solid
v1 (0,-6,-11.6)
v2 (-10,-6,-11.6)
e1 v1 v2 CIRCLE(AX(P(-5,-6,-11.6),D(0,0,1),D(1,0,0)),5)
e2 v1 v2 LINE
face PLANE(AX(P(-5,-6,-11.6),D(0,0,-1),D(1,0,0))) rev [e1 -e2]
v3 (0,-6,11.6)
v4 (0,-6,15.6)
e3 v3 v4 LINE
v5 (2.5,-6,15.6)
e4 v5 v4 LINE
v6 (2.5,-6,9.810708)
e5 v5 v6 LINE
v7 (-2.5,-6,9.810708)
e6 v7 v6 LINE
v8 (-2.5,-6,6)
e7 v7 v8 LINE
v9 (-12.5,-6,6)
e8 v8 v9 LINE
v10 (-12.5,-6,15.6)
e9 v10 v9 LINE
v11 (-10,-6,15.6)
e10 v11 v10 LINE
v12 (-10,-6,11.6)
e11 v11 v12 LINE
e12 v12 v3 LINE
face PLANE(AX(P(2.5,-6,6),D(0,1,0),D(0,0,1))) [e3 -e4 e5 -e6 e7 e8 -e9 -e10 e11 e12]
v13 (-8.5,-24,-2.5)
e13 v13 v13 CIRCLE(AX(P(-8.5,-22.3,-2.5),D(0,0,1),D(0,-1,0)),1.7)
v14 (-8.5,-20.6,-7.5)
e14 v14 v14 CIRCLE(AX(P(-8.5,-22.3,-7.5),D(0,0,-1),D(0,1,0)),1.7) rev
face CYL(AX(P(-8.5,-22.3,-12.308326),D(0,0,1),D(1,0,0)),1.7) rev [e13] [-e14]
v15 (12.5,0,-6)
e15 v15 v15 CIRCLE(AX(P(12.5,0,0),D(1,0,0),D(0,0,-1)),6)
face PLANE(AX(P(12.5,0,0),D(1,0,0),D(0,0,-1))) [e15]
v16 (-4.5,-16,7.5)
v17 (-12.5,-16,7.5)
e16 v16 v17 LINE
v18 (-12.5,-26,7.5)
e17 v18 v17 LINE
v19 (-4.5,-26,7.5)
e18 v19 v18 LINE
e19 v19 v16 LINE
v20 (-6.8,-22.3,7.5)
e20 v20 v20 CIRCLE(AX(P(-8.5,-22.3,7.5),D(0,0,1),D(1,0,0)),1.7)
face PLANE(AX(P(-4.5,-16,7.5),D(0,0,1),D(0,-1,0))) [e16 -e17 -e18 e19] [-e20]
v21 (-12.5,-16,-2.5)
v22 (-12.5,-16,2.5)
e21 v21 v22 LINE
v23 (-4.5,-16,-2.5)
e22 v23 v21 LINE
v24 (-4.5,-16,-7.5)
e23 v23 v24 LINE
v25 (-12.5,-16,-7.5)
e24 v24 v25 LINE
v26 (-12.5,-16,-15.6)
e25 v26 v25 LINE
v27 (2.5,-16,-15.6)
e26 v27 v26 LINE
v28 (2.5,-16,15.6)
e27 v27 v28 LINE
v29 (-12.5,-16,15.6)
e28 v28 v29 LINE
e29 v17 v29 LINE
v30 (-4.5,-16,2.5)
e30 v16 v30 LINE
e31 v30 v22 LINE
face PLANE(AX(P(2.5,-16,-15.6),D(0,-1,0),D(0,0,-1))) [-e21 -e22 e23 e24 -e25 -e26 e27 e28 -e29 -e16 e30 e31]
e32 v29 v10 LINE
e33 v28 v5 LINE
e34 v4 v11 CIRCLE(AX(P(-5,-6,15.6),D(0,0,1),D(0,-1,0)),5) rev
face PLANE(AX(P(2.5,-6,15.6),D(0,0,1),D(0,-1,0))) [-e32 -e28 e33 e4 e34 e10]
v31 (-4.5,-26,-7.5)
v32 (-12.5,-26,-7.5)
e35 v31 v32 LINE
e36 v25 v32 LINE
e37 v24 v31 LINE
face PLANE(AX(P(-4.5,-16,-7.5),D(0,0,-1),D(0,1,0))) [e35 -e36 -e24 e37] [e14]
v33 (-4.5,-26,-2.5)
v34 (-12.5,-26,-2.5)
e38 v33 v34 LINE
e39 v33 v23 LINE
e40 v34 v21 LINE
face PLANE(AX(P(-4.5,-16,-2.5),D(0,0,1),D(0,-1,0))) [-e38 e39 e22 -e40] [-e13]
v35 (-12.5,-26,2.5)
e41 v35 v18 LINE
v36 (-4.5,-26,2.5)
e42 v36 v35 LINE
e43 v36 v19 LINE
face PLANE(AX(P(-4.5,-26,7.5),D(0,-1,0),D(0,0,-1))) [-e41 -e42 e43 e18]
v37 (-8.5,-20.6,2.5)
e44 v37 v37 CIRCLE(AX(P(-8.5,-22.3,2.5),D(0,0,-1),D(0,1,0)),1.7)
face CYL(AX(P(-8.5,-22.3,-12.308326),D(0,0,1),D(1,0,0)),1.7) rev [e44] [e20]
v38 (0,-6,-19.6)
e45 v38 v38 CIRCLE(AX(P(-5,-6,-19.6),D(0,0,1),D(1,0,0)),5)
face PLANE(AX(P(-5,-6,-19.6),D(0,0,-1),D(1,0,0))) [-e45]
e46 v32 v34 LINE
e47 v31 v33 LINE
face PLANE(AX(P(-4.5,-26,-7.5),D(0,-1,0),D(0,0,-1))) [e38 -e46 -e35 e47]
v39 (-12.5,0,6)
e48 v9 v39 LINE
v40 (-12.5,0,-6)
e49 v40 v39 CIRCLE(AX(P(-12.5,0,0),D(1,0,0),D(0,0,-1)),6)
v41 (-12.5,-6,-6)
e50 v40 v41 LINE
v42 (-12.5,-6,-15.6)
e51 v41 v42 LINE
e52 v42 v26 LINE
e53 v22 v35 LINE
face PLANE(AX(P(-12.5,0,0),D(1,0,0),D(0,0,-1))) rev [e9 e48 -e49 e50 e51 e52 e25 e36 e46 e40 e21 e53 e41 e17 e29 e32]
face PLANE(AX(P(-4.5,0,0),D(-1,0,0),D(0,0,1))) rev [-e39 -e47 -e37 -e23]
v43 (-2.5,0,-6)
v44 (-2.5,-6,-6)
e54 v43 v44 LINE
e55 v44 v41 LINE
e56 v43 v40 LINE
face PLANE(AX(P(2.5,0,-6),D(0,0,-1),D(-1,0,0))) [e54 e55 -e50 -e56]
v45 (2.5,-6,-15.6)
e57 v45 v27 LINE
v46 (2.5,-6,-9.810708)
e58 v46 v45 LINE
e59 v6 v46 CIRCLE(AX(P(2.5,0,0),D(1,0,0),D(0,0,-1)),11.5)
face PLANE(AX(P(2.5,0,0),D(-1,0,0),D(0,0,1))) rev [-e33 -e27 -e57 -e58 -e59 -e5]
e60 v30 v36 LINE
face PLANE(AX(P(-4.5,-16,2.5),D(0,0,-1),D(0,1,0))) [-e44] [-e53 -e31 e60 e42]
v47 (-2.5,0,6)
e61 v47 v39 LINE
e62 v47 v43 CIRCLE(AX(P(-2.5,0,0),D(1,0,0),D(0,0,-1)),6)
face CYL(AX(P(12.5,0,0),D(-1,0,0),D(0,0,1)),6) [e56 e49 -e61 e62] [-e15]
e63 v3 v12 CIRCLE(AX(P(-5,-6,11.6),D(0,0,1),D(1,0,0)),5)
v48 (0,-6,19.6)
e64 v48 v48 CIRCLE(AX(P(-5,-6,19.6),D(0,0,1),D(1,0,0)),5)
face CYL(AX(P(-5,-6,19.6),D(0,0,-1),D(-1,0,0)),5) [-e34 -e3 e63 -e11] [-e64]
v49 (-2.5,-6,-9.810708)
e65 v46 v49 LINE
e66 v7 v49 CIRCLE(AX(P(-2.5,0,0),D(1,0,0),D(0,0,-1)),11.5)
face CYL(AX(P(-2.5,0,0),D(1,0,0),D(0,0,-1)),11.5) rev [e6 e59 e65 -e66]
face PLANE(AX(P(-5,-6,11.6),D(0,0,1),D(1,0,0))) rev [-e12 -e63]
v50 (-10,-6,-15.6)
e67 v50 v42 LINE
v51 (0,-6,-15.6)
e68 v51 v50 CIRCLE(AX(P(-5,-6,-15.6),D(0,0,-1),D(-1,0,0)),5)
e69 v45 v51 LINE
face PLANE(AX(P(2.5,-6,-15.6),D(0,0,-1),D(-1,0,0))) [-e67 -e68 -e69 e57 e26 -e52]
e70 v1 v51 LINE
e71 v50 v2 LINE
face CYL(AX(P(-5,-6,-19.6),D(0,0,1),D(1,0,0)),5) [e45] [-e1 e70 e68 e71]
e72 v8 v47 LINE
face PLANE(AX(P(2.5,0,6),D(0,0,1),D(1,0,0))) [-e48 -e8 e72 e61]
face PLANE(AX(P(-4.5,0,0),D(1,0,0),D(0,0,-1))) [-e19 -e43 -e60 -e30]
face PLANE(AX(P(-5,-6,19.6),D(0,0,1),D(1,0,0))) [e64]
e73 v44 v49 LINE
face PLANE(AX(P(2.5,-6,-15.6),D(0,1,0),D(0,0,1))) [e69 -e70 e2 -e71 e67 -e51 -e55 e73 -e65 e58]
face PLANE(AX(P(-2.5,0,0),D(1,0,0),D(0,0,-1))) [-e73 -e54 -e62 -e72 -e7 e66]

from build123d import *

# Parameters (mm, degrees)
CROQUIS2_R              = 6
SALIENTE_EXTRUIR1_DEPTH = 12.5
SALIENTE_EXTRUIR2_DEPTH = 15
CROQUIS5_R              = 11.5
CROQUIS5_R_2            = 6
CORTAR_EXTRUIR2_DEPTH   = 5
CROQUIS6_W              = 5
CROQUIS6_H              = 10
SALIENTE_EXTRUIR3_DEPTH = 8
CROQUIS7_R              = 1.7
CORTAR_EXTRUIR3_DEPTH   = 15
CROQUIS8_R              = 5
SALIENTE_EXTRUIR4_DEPTH = 4


with BuildPart() as part:
    # Croquis2 → Saliente-Extruir1 (new body, symmetric)
    with BuildSketch(Plane(origin=(0, 0, 0), x_dir=(0, 0, -1), z_dir=(1, 0, 0))):
        Circle(CROQUIS2_R)
    extrude(amount=SALIENTE_EXTRUIR1_DEPTH, both=True)

    # Croquis3 → Saliente-Extruir2 (add)
    with BuildSketch(Plane.ZY.offset(12.5)):
        Polygon((-15.6, -6), (-6, -6), (-6, 0), (6, 0), (6, -6), (15.6, -6), (15.6, -16), (-15.6, -16), align=None)
    extrude(amount=-SALIENTE_EXTRUIR2_DEPTH)

    # Croquis5 → Cortar-Extruir2 (cut)
    with BuildSketch(Plane(origin=(2.5, 0, 0), x_dir=(0, 0, -1), z_dir=(1, 0, 0))):
        Circle(CROQUIS5_R)
        Circle(CROQUIS5_R_2, mode=Mode.SUBTRACT)
    extrude(amount=-CORTAR_EXTRUIR2_DEPTH, mode=Mode.SUBTRACT)

    # Croquis6 → Saliente-Extruir3 (add)
    with BuildSketch(Plane.ZY.offset(12.5)):
        with Locations((5, -21)):
            Rectangle(CROQUIS6_W, CROQUIS6_H)
        with Locations((-5, -21)):
            Rectangle(CROQUIS6_W, CROQUIS6_H)
    extrude(amount=-SALIENTE_EXTRUIR3_DEPTH)

    # Croquis7 → Cortar-Extruir3 (cut)
    with BuildSketch(Plane.XY.offset(7.5)):
        with Locations((-8.5, -22.3)):
            Circle(CROQUIS7_R)
    extrude(amount=-CORTAR_EXTRUIR3_DEPTH, mode=Mode.SUBTRACT)

    # Croquis8 → Saliente-Extruir4 (add, symmetric)
    with BuildSketch(Plane.XY.offset(15.6)):
        with Locations((-5, -6)):
            Circle(CROQUIS8_R)
    saliente_extruir4 = extrude(amount=SALIENTE_EXTRUIR4_DEPTH, both=True)

    # Simetría1: Saliente-Extruir4 across plane
    add(saliente_extruir4.mirror(Plane.XY))


solid = part.part
